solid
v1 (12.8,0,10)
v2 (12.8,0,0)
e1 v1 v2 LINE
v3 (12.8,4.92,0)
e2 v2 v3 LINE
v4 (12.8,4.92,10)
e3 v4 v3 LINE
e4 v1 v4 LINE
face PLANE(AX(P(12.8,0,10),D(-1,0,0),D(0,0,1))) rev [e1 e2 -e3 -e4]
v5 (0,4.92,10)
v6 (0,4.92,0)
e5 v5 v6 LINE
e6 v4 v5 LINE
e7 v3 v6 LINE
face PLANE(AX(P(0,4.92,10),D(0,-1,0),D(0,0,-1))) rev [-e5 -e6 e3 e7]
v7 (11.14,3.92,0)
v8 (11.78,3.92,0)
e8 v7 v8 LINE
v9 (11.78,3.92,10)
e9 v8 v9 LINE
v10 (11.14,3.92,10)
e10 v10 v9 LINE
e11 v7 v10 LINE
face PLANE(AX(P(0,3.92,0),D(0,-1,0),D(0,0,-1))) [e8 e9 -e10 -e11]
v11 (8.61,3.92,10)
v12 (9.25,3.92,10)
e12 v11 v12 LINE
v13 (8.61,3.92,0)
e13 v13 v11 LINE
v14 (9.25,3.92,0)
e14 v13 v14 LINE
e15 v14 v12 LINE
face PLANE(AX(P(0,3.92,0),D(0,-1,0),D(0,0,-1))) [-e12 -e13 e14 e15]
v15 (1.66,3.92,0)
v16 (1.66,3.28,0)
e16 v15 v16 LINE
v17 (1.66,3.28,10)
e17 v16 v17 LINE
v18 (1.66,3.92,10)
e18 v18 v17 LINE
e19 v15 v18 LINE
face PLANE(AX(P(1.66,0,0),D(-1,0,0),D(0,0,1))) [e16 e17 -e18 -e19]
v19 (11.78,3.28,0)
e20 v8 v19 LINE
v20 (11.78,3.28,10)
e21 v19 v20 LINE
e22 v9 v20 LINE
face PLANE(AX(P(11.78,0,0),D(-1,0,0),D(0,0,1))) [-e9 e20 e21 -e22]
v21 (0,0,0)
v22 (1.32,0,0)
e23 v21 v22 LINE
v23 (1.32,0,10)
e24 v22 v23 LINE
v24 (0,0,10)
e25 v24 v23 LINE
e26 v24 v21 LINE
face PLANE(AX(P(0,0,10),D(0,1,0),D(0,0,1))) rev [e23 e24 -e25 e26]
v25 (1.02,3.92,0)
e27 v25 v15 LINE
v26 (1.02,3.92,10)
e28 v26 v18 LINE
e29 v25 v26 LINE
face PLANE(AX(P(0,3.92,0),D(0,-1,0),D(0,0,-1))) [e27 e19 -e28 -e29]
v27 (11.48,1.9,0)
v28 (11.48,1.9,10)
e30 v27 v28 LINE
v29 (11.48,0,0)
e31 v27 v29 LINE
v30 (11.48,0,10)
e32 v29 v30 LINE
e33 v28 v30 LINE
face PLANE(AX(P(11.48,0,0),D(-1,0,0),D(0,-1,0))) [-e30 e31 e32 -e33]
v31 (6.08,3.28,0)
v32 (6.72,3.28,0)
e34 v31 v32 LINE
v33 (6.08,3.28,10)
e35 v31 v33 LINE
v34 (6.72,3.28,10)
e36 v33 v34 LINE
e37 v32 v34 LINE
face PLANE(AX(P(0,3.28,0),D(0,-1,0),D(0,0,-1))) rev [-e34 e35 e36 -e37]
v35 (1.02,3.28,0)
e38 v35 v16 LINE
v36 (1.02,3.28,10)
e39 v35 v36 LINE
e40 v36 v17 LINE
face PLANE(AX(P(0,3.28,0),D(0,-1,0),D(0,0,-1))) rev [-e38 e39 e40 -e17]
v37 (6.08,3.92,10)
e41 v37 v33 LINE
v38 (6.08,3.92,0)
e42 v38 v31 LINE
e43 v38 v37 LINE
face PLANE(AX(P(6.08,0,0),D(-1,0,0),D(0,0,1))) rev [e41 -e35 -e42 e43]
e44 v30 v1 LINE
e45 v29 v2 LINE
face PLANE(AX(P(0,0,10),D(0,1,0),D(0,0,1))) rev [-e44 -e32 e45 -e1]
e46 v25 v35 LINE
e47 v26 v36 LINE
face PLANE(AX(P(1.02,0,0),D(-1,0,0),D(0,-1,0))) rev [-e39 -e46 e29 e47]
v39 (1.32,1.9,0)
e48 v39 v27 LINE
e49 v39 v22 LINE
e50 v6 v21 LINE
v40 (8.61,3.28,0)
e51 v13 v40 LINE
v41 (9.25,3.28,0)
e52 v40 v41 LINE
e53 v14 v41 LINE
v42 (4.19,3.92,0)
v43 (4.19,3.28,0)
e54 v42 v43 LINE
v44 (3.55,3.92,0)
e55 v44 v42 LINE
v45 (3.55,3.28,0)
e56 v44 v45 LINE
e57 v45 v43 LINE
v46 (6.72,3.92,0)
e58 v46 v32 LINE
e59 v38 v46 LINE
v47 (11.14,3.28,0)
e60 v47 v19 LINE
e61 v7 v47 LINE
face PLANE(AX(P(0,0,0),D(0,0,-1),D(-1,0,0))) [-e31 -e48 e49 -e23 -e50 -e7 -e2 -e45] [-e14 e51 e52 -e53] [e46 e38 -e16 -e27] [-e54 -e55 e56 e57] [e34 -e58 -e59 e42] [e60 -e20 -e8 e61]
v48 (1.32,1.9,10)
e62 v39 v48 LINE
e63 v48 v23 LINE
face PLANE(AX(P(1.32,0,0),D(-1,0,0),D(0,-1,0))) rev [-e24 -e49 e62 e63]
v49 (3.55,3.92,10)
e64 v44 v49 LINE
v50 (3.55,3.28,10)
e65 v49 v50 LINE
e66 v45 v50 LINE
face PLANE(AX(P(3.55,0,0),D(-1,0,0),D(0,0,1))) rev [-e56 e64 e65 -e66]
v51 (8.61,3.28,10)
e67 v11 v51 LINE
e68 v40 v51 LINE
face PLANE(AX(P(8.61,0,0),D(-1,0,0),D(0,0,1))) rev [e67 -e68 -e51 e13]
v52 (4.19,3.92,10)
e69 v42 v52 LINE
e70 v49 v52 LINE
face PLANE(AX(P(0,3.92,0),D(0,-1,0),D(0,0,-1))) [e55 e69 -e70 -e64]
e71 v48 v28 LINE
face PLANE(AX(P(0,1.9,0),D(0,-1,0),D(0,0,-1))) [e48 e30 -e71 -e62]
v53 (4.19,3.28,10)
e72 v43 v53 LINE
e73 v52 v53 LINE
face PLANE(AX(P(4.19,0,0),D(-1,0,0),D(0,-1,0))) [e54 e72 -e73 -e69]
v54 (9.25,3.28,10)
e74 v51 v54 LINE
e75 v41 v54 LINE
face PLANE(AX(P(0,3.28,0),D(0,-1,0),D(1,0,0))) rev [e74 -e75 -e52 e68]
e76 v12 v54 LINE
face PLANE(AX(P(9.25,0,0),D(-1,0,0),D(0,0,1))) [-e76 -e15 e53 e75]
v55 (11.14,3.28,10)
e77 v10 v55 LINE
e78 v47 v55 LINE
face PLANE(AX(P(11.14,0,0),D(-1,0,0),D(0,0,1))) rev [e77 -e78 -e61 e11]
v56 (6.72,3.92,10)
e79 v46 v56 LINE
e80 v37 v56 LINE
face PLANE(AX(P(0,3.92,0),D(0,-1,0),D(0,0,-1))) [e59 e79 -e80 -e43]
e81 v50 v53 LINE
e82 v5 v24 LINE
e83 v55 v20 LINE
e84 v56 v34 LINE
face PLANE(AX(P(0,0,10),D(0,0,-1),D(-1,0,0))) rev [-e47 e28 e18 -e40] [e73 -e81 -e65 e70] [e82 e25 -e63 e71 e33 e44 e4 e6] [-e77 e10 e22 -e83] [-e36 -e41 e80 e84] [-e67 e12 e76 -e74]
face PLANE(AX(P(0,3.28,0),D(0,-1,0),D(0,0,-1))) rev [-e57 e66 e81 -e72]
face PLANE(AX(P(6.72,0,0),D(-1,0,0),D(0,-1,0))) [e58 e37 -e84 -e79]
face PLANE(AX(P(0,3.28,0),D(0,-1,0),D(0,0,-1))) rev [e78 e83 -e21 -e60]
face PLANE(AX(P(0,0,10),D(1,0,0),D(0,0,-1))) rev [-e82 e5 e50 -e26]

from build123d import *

# Parameters (mm, degrees)
SKETCH1_W           = 12.8
SKETCH1_H           = 4.92
BOSS_EXTRUDE1_DEPTH = 10
SKETCH2_W           = 0.64
SKETCH2_H           = 0.64
SKETCH2_W_2         = 10.16
SKETCH2_H_2         = 1.9
CUT_EXTRUDE1_DEPTH  = 11


with BuildPart() as part:
    # Sketch1 → Boss-Extrude1 (new body)
    with BuildSketch(Plane.XY):
        with Locations((6.4, 2.46)):
            Rectangle(SKETCH1_W, SKETCH1_H)
    extrude(amount=BOSS_EXTRUDE1_DEPTH)

    # Sketch2 → Cut-Extrude1 (cut, through all)
    with BuildSketch(Plane.XY.offset(10)):
        with Locations((1.34, 3.6)):
            Rectangle(SKETCH2_W, SKETCH2_H)
        with Locations((3.87, 3.6)):
            Rectangle(SKETCH2_W, SKETCH2_H)
        with Locations((6.4, 3.6)):
            Rectangle(SKETCH2_W, SKETCH2_H)
        with Locations((8.93, 3.6)):
            Rectangle(SKETCH2_W, SKETCH2_H)
        with Locations((11.46, 3.6)):
            Rectangle(SKETCH2_W, SKETCH2_H)
        with Locations((6.4, 0.95)):
            Rectangle(SKETCH2_W_2, SKETCH2_H_2)
    extrude(amount=-CUT_EXTRUDE1_DEPTH, mode=Mode.SUBTRACT)


solid = part.part
